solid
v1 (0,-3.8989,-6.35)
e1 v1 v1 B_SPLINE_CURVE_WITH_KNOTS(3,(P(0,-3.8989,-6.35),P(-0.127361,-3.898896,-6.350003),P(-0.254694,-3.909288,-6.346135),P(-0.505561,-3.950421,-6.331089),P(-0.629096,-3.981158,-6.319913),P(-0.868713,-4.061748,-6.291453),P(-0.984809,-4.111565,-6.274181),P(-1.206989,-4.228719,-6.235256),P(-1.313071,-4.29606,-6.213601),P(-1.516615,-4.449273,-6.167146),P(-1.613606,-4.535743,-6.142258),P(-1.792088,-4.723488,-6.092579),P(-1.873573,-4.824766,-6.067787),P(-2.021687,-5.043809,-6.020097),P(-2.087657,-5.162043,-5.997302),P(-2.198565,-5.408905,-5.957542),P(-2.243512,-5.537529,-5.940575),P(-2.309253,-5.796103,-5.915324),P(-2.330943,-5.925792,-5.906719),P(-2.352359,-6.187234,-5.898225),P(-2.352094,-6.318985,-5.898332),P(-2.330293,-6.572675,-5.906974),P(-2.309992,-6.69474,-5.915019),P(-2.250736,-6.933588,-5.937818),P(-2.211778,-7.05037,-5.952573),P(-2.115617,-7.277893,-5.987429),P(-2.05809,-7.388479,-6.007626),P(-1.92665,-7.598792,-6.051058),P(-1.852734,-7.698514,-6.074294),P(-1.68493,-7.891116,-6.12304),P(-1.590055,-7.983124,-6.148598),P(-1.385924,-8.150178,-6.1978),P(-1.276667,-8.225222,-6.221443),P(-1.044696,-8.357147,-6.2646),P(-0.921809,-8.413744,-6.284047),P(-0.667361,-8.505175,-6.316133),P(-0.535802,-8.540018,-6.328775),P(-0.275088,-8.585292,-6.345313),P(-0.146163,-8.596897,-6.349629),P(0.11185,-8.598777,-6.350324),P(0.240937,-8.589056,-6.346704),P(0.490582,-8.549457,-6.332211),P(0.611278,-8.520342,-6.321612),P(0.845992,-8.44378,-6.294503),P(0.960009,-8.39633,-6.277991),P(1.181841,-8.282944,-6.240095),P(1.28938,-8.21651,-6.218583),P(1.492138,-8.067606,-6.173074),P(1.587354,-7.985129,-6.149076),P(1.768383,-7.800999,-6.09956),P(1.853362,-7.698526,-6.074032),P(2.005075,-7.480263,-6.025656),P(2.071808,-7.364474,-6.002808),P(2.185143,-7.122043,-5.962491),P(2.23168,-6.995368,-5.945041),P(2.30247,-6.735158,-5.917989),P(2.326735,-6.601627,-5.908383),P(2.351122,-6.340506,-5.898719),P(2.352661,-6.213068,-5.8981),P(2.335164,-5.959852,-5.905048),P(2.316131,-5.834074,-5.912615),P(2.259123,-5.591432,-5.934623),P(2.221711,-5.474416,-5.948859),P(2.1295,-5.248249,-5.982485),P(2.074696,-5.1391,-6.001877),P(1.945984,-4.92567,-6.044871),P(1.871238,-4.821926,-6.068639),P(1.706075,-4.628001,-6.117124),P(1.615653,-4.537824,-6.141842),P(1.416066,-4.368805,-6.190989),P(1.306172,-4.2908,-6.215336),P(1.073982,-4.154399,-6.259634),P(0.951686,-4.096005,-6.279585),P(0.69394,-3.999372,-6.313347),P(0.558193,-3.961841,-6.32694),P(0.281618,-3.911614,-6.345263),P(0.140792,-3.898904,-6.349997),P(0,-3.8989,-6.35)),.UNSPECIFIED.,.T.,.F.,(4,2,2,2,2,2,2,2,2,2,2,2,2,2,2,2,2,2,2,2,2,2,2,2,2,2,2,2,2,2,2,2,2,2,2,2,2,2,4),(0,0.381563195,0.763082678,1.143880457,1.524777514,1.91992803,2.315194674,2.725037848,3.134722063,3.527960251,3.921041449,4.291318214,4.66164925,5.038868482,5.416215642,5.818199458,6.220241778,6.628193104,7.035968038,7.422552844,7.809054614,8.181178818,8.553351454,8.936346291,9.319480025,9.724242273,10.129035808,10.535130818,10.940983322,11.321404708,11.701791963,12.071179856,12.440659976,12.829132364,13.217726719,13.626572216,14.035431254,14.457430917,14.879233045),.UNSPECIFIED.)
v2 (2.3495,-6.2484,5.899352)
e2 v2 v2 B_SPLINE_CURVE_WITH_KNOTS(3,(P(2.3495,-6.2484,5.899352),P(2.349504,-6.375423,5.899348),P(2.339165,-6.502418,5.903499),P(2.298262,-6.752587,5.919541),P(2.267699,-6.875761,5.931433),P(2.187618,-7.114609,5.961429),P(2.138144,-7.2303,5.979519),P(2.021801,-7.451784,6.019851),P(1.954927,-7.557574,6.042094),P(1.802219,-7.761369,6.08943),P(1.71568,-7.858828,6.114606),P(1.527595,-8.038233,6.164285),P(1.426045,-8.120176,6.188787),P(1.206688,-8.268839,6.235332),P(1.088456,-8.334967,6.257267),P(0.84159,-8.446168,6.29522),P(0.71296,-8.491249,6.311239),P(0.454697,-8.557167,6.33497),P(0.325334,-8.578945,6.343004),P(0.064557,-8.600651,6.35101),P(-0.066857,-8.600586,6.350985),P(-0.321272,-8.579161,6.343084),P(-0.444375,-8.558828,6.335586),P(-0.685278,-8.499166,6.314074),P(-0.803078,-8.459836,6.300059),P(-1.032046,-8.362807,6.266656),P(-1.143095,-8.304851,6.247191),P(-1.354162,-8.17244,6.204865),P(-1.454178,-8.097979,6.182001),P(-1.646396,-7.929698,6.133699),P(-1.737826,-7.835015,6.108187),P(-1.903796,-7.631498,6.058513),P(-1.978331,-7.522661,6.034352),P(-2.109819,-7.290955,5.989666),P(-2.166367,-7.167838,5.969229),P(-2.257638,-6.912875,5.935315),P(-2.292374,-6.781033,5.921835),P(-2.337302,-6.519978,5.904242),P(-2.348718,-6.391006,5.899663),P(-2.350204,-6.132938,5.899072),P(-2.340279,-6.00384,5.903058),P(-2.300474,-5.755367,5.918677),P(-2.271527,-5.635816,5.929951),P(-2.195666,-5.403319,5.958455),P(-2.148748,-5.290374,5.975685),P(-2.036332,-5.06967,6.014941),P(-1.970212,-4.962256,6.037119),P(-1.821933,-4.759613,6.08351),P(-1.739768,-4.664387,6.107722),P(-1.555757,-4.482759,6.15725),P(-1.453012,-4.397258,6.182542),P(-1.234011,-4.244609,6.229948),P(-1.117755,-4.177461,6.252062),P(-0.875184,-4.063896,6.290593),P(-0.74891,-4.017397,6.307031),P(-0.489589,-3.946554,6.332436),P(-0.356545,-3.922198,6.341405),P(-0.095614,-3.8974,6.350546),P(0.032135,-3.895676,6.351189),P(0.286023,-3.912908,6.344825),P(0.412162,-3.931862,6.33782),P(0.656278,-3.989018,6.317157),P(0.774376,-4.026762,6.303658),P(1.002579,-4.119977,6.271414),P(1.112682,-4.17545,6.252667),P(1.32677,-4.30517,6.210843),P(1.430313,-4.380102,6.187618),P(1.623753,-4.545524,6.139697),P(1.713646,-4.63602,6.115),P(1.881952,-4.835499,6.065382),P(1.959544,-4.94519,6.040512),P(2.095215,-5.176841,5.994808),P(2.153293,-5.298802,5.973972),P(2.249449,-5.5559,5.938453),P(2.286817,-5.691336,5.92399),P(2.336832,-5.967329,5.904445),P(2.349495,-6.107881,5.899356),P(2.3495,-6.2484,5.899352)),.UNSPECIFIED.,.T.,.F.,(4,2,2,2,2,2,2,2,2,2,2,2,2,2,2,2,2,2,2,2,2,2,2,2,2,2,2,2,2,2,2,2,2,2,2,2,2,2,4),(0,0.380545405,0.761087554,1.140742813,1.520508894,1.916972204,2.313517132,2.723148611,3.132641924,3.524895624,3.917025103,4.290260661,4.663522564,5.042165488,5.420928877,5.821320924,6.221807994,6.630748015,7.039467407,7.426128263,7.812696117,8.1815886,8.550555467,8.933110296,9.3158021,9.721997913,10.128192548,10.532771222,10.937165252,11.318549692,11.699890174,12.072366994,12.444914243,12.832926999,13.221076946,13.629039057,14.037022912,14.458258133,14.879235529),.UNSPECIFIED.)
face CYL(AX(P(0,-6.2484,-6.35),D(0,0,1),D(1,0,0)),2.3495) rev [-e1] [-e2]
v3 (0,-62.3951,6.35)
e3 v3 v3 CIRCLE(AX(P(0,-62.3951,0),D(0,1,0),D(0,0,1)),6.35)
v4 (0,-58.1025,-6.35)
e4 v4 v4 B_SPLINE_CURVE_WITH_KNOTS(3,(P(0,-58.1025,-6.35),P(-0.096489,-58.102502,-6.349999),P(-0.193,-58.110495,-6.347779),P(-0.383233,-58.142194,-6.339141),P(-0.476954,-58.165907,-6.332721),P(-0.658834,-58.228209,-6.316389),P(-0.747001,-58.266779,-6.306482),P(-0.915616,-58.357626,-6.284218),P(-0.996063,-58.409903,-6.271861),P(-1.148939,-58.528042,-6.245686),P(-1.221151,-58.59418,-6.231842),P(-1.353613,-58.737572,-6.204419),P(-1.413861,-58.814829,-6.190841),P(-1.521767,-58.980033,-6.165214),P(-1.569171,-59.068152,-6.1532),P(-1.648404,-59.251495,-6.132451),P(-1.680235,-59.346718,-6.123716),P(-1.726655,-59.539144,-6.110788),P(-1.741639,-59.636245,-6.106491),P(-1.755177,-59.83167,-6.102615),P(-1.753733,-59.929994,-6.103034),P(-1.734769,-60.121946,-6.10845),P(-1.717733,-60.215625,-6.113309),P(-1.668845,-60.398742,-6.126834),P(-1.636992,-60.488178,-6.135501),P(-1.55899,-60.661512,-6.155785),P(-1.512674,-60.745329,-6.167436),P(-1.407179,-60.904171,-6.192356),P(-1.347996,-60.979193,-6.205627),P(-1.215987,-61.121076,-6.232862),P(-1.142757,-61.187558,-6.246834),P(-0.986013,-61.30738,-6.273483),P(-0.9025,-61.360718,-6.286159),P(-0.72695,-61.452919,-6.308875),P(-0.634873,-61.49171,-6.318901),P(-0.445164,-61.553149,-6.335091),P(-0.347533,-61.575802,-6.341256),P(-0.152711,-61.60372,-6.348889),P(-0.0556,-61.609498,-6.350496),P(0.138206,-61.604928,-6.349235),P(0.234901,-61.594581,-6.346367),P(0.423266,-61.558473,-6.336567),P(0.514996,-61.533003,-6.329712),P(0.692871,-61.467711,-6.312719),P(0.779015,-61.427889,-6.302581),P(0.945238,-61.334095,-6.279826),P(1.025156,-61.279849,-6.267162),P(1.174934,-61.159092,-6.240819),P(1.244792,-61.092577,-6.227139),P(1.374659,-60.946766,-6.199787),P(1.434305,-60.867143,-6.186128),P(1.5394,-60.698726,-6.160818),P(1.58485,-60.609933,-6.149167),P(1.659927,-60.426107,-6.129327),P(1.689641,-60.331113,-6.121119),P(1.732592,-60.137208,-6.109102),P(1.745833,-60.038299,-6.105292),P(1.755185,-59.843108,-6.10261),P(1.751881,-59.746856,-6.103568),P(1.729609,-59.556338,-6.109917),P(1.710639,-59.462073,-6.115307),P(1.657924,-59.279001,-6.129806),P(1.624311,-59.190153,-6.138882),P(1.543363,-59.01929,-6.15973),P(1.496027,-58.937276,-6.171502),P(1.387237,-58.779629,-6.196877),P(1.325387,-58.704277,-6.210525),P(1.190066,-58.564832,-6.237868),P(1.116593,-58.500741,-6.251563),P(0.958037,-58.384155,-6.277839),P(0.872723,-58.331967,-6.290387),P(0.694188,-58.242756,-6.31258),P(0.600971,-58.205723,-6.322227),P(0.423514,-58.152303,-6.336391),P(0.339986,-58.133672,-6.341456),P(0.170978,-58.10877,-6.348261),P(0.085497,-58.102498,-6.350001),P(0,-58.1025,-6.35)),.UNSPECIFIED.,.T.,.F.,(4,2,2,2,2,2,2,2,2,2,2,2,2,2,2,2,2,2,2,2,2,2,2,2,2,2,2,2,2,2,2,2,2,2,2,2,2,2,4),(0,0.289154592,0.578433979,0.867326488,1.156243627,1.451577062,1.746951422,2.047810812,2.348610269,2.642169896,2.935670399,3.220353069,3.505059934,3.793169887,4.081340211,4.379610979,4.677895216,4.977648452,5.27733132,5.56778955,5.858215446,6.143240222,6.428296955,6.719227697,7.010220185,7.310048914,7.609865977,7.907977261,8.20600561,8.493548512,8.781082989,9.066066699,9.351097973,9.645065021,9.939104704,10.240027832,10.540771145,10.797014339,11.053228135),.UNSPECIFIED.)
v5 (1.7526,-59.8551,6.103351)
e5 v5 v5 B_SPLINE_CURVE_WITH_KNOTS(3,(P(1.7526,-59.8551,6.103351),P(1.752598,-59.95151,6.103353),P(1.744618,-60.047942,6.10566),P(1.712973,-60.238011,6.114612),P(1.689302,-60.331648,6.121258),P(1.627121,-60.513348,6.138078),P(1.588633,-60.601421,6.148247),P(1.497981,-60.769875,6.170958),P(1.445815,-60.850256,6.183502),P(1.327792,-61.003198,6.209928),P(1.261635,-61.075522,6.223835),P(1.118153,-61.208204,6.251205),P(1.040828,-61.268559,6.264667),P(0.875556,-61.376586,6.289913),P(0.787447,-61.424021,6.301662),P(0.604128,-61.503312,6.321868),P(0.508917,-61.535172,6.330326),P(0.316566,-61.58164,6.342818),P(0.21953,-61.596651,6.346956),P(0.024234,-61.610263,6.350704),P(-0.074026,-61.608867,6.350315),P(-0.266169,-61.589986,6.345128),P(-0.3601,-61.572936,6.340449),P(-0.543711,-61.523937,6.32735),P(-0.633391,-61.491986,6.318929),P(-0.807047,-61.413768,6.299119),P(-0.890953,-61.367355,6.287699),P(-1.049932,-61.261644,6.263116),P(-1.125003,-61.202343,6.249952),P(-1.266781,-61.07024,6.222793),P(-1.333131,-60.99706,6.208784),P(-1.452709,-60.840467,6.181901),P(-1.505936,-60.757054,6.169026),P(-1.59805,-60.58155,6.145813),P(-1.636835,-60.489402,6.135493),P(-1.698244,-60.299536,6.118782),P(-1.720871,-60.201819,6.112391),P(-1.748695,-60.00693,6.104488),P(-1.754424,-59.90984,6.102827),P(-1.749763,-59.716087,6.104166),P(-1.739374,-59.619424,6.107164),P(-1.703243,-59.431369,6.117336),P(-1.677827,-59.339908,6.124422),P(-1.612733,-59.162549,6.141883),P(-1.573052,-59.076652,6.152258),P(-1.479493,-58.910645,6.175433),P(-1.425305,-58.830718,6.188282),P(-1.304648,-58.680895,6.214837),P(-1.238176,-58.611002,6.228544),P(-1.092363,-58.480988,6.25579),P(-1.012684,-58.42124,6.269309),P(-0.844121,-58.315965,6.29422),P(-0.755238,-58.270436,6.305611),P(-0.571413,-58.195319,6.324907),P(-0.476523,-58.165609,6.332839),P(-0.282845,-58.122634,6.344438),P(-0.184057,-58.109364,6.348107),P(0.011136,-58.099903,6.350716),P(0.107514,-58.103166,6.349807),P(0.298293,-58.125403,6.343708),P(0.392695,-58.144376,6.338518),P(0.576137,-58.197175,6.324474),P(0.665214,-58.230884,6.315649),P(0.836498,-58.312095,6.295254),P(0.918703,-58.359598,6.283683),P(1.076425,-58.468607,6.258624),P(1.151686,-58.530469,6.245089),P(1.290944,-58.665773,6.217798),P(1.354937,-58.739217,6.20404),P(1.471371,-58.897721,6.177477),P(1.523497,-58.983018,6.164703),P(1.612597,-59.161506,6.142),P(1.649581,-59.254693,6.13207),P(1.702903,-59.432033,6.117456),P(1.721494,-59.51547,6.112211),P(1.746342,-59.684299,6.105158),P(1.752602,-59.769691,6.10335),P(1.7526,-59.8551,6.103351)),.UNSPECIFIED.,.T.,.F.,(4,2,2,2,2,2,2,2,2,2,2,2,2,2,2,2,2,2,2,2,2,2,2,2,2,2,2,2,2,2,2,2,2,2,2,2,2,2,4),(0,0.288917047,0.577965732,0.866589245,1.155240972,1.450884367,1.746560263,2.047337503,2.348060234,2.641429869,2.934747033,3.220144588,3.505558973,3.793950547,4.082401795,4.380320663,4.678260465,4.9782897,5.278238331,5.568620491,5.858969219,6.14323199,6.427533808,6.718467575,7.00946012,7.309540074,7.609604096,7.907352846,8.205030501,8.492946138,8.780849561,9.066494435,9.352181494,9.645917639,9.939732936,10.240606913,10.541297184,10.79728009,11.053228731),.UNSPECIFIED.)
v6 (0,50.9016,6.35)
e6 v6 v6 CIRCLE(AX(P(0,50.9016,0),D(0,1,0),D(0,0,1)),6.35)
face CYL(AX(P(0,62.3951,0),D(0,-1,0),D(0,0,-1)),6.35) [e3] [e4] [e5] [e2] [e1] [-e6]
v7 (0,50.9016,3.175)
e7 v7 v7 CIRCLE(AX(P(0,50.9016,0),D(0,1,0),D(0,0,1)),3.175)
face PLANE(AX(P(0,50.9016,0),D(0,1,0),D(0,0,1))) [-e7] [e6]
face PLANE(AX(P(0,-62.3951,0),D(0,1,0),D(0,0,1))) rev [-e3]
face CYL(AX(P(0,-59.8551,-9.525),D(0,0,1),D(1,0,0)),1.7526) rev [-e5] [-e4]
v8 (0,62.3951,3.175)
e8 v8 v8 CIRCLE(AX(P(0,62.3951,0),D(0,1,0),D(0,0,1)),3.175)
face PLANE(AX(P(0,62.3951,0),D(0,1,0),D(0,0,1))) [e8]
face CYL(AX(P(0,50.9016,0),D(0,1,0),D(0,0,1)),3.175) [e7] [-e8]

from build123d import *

# Parameters (mm, degrees)
SKETCH1_R           = 6.35
BOSS_EXTRUDE1_DEPTH = 62.3951
SKETCH3_OUTSIDE_W   = 39.916
SKETCH3_OUTSIDE_H   = 39.916
SKETCH3_OUTSIDE_R   = 3.175
CUT_EXTRUDE1_DEPTH  = 11.4935
SKETCH7_R           = 1.7526
CUT_EXTRUDE3_DEPTH  = 9.525
SKETCH10_R          = 2.3495
CUT_EXTRUDE6_DEPTH  = 6.35


with BuildPart() as part:
    # Sketch1 → Boss-Extrude1 (new, symmetric)
    with BuildSketch(Plane(origin=(0, 0, 0), x_dir=(1, 0, 0), z_dir=(0, 1, 0))):
        with Locations(Location((0, 0, 0), (0, 0, 270))):
            Circle(SKETCH1_R)
    extrude(amount=BOSS_EXTRUDE1_DEPTH, both=True)

    # Sketch3 outside → Cut-Extrude1 (cut)
    with BuildSketch(Plane(origin=(0, 62.3951, 0), x_dir=(1, 0, 0), z_dir=(0, 1, 0))):
        Rectangle(SKETCH3_OUTSIDE_W, SKETCH3_OUTSIDE_H)
        with Locations(Location((0, 0, 0), (0, 0, 270))):
            Circle(SKETCH3_OUTSIDE_R, mode=Mode.SUBTRACT)
    extrude(amount=-CUT_EXTRUDE1_DEPTH, mode=Mode.SUBTRACT)

    # Sketch7 → Cut-Extrude3 (cut, symmetric)
    with BuildSketch(Plane.XY):
        with Locations(Location((0, -59.8551, 0), (0, 0, 89.99999997))):
            Circle(SKETCH7_R)
    extrude(amount=CUT_EXTRUDE3_DEPTH, both=True, mode=Mode.SUBTRACT)

    # Sketch10 → Cut-Extrude6 (cut, symmetric)
    with BuildSketch(Plane.XY):
        with Locations(Location((0, -6.2484, 0), (0, 0, 90.000000013))):
            Circle(SKETCH10_R)
    extrude(amount=CUT_EXTRUDE6_DEPTH, both=True, mode=Mode.SUBTRACT)


solid = part.part
